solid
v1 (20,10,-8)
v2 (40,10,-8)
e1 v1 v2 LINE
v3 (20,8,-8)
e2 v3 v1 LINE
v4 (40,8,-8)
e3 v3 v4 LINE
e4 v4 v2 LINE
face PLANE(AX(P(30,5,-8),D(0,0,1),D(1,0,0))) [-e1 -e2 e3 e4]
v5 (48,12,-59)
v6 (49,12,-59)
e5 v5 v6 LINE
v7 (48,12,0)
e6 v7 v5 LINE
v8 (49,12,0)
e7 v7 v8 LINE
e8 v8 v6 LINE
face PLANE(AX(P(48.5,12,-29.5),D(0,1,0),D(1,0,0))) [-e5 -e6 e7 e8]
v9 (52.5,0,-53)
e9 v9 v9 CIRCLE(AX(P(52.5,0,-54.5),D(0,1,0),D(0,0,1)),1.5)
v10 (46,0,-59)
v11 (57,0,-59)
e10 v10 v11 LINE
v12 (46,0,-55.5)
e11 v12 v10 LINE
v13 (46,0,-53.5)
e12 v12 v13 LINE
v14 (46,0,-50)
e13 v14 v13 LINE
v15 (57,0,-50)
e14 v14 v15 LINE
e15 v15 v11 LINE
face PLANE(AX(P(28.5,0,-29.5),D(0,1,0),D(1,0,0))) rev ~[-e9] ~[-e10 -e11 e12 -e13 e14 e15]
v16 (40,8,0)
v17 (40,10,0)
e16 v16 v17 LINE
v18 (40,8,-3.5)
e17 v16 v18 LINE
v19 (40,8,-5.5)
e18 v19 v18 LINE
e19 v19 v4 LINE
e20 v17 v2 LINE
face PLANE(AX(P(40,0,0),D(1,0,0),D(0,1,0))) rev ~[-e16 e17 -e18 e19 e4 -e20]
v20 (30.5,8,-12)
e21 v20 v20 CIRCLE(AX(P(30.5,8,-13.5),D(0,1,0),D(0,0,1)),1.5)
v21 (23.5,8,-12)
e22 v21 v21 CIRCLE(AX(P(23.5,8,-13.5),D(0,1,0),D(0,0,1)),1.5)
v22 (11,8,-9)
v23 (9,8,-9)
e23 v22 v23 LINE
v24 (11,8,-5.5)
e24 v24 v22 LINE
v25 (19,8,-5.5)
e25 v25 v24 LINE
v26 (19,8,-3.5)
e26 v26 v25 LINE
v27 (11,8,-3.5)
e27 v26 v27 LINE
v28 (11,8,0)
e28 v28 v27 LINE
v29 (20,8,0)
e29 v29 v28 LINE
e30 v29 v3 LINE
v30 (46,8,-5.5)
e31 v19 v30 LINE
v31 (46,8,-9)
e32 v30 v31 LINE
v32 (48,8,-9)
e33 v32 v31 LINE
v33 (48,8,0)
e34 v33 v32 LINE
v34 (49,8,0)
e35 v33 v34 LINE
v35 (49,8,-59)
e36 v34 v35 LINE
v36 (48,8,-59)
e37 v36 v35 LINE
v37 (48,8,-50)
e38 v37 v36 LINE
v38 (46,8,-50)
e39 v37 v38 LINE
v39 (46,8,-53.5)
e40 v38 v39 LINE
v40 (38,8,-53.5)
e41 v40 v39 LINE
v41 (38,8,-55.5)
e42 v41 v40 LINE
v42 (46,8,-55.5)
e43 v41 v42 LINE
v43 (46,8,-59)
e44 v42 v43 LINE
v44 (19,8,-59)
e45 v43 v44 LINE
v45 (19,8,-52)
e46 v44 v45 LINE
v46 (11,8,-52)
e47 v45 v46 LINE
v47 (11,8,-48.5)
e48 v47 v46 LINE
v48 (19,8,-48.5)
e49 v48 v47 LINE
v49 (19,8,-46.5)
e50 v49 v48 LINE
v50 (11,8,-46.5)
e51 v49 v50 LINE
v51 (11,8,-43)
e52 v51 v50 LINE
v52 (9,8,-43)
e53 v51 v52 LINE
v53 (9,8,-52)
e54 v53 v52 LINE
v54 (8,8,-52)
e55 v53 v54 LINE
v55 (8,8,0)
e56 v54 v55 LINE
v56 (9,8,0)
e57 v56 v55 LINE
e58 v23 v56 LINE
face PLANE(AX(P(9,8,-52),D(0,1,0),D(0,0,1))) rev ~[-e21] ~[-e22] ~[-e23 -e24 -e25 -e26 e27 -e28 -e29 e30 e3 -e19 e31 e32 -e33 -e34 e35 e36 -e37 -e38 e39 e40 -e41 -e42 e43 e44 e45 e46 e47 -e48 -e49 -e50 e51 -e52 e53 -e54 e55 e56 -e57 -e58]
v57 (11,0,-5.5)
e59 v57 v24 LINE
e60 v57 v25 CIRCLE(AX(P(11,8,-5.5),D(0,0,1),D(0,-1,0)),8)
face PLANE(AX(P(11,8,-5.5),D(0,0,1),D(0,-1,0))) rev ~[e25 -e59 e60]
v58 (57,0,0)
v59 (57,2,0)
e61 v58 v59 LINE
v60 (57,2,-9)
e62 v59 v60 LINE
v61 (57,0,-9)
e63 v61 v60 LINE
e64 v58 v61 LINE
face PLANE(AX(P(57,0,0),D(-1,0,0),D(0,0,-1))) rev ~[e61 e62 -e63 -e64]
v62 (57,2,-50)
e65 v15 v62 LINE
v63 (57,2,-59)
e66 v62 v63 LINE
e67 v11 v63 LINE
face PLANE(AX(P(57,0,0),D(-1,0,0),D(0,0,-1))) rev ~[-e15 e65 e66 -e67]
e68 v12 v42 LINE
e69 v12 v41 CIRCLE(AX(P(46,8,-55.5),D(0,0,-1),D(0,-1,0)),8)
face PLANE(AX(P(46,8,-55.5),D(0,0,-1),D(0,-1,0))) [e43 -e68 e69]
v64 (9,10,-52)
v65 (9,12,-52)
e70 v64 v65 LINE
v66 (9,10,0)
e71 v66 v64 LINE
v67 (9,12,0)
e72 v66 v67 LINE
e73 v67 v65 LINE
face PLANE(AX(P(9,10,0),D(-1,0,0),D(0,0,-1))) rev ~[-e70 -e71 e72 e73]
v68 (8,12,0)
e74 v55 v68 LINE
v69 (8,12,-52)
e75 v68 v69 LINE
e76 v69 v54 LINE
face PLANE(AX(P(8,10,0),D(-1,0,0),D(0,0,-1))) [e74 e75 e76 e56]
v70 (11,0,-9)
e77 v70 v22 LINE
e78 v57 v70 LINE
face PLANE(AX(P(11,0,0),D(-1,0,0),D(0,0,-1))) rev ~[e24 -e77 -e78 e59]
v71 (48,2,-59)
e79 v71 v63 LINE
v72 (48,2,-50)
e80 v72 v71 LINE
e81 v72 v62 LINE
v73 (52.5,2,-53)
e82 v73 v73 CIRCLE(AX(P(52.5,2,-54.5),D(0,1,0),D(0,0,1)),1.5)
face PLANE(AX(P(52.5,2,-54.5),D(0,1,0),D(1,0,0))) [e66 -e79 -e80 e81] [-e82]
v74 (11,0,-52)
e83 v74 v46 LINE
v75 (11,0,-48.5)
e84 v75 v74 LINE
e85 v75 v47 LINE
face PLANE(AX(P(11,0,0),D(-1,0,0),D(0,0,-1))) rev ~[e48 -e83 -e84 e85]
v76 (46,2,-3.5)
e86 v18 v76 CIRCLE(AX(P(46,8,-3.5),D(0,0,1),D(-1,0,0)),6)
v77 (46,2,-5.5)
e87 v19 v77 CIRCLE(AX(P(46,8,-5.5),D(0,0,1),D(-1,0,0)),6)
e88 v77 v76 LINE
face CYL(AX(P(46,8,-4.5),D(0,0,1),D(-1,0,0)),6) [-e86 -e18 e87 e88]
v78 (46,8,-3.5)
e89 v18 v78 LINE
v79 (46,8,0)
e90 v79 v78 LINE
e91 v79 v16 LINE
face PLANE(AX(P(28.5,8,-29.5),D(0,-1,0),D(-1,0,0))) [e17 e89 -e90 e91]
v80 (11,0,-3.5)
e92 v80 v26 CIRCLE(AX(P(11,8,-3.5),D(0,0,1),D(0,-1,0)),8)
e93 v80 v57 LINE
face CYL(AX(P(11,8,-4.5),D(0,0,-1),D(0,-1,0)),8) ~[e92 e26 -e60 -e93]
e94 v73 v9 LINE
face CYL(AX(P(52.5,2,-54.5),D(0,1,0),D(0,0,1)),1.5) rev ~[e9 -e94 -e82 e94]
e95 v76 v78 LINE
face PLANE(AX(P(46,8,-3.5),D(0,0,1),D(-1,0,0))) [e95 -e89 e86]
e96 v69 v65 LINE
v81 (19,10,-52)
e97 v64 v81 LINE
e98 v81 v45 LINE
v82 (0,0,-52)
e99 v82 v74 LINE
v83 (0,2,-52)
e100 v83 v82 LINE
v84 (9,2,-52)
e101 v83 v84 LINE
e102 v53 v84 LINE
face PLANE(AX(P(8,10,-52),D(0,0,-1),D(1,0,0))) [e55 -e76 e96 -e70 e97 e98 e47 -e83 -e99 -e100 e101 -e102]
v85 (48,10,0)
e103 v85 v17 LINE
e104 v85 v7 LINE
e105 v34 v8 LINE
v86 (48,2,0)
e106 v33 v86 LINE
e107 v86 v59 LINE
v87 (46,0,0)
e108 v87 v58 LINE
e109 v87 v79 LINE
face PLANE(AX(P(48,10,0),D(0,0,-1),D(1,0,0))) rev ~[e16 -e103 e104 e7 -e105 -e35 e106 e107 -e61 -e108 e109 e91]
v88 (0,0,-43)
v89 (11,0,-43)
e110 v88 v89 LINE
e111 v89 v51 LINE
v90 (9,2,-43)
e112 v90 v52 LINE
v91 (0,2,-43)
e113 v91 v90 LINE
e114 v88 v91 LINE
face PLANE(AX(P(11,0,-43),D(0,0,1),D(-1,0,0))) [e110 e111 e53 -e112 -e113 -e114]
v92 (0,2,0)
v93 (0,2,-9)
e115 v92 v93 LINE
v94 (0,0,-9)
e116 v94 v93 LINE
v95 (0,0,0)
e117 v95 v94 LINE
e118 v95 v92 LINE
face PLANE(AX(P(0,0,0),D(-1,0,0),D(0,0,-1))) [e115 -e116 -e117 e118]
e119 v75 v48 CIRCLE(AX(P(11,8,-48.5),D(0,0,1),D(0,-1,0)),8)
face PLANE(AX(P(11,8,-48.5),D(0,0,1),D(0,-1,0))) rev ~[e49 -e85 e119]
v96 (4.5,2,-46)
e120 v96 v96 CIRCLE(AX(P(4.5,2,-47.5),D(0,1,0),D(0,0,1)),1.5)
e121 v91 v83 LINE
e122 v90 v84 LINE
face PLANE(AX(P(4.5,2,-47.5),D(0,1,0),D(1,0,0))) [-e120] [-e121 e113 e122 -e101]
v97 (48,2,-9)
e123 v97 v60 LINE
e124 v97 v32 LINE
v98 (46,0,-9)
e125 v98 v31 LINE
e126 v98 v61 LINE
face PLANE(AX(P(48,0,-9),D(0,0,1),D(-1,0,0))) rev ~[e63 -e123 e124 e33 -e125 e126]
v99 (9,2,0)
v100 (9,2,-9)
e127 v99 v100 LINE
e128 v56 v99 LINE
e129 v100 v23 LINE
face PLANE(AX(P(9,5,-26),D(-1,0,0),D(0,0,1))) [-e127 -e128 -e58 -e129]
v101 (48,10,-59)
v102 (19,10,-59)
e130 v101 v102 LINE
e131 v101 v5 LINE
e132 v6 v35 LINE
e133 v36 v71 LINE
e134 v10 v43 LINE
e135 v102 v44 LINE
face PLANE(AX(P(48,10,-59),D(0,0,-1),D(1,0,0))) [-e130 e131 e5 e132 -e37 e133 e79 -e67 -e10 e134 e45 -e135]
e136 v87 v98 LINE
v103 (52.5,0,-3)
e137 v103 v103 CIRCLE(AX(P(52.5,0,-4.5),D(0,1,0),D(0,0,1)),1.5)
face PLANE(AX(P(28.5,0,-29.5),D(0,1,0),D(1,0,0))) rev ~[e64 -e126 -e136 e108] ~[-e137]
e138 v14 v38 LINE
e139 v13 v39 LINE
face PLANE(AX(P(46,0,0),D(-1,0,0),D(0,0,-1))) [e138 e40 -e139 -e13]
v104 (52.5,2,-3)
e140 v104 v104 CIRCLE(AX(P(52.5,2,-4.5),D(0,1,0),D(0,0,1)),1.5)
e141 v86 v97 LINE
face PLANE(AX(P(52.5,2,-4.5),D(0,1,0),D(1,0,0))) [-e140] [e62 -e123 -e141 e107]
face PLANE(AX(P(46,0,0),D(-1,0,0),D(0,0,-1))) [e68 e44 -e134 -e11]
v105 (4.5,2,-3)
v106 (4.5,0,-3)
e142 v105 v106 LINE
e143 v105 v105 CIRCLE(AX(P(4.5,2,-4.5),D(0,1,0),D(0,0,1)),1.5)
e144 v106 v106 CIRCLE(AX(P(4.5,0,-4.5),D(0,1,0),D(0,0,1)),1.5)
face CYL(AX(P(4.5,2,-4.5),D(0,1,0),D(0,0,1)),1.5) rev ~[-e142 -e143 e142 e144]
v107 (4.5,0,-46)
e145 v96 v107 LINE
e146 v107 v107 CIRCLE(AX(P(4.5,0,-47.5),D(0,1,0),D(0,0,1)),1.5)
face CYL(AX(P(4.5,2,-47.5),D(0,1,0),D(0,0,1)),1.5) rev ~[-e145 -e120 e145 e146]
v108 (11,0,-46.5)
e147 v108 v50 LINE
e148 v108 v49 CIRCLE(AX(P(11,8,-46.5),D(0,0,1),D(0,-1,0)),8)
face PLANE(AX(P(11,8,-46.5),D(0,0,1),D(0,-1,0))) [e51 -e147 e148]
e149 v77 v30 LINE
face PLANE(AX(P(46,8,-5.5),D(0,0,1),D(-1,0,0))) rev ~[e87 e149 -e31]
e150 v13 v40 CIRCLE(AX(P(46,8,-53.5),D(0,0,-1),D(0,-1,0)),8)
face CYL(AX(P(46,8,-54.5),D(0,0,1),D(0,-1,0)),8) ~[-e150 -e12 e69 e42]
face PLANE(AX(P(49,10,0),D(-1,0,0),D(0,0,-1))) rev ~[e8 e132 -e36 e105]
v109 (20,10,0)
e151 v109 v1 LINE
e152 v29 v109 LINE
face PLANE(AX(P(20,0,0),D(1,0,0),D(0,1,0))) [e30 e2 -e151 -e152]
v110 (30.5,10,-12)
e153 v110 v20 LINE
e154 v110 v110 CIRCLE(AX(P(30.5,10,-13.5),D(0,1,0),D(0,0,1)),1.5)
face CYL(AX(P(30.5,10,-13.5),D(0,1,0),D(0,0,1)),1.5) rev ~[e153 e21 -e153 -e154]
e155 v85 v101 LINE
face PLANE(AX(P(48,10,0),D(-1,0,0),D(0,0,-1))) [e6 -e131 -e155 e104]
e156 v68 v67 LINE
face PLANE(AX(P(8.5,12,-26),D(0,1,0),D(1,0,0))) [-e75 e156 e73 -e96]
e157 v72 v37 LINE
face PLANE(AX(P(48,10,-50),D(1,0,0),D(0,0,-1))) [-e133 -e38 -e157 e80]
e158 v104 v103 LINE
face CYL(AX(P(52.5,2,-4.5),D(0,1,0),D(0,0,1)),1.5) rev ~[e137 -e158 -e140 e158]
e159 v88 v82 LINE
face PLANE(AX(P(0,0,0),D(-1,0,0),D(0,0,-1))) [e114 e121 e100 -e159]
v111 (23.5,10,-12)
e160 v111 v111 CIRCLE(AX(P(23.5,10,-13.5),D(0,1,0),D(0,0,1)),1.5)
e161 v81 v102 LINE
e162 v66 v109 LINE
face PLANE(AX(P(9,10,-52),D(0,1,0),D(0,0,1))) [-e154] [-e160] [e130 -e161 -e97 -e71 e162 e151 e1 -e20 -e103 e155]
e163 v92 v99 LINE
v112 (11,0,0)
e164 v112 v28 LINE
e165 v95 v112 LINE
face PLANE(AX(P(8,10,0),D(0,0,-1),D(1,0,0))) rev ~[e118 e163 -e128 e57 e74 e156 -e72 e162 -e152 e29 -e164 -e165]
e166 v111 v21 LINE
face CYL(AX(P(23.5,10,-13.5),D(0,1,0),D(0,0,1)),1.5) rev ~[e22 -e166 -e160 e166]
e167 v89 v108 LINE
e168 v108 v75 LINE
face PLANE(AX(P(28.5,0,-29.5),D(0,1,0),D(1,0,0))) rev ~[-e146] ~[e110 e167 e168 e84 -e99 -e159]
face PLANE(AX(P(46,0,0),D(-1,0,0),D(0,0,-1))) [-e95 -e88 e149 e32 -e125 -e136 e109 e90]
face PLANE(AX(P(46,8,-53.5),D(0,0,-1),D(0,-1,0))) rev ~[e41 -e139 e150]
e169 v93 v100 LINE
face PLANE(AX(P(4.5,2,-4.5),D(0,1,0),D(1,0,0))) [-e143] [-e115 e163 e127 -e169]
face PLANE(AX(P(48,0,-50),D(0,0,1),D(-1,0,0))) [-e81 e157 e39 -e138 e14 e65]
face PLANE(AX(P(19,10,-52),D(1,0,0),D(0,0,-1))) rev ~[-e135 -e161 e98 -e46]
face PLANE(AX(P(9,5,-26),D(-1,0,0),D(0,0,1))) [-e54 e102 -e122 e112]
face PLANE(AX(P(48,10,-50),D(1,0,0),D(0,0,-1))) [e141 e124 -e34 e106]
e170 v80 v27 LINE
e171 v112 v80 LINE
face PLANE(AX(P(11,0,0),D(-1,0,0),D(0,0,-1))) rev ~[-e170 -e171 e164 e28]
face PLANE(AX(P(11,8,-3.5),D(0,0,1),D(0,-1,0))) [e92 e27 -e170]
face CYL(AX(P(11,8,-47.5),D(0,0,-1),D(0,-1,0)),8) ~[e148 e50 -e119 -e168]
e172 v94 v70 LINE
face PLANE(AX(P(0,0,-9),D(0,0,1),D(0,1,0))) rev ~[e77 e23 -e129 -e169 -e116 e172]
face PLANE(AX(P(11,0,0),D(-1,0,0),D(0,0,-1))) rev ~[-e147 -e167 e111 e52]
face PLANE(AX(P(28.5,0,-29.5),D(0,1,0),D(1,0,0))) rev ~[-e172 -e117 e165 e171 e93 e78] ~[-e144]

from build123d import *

# Parameters (mm, degrees)
SKETCH1_W           = 57
SKETCH1_H           = 59
BOSS_EXTRUDE1_DEPTH = 10
SKETCH2_W           = 41
SKETCH2_H           = 10
CUT_EXTRUDE1_DEPTH  = 9
SKETCH4_W           = 10
SKETCH4_H           = 7
CUT_EXTRUDE3_DEPTH  = 83.643814046
SKETCH5_W           = 34
SKETCH5_H           = 10
CUT_EXTRUDE4_DEPTH  = 9
SKETCH8_W           = 20
SKETCH8_H           = 10
CUT_EXTRUDE5_DEPTH  = 8
SKETCH9_W           = 35
SKETCH9_H           = 59
CUT_EXTRUDE6_DEPTH  = 8
SKETCH10_W          = 9
SKETCH10_H          = 7
CUT_EXTRUDE7_DEPTH  = 83.643814046
SKETCH11_W          = 9
SKETCH11_H          = 9
CUT_EXTRUDE8_DEPTH  = 8
SKETCH12_W          = 9
SKETCH12_H          = 9
CUT_EXTRUDE9_DEPTH  = 8
SKETCH13_W          = 9
SKETCH13_H          = 9
CUT_EXTRUDE10_DEPTH = 8
SKETCH14_W          = 9
SKETCH14_H          = 9
CUT_EXTRUDE11_DEPTH = 8
SKETCH15_W          = 2
SKETCH15_H          = 41
CUT_EXTRUDE12_DEPTH = 8
SKETCH16_W          = 2
SKETCH16_H          = 34
CUT_EXTRUDE13_DEPTH = 8
SKETCH31_W          = 2
SKETCH31_H          = 8
REVOLVE3_ANGLE      = 90
SKETCH32_W          = 2
SKETCH32_H          = 8
REVOLVE4_ANGLE      = 90
SKETCH33_W          = 6
SKETCH33_H          = 2
REVOLVE5_ANGLE      = 90
SKETCH34_W          = 2
SKETCH34_H          = 8
REVOLVE6_ANGLE      = 90
SKETCH41_R          = 1.5
CUT_EXTRUDE14_DEPTH = 83.42572414
SKETCH42_R          = 1.5
CUT_EXTRUDE15_DEPTH = 83.643814046
SKETCH46_W          = 59
SKETCH46_H          = 2
BOSS_EXTRUDE3_DEPTH = 1
SKETCH47_W          = 1
SKETCH47_H          = 59
BOSS_EXTRUDE4_DEPTH = 2
SKETCH48_W          = 52
SKETCH48_H          = 2
BOSS_EXTRUDE5_DEPTH = 1
SKETCH49_W          = 1
SKETCH49_H          = 52
BOSS_EXTRUDE6_DEPTH = 2


with BuildPart() as part:
    # Sketch1 → Boss-Extrude1 (new body)
    with BuildSketch(Plane(origin=(0, 0, 0), x_dir=(1, 0, 0), z_dir=(0, 1, 0))):
        with Locations((28.5, 29.5)):
            Rectangle(SKETCH1_W, SKETCH1_H)
    extrude(amount=BOSS_EXTRUDE1_DEPTH)

    # Sketch2 → Cut-Extrude1 (cut)
    with BuildSketch(Plane(origin=(57, 0, 0), x_dir=(0, 0, -1), z_dir=(1, 0, 0))):
        with Locations((29.5, 5)):
            Rectangle(SKETCH2_W, SKETCH2_H)
    extrude(amount=-CUT_EXTRUDE1_DEPTH, mode=Mode.SUBTRACT)

    # Sketch4 → Cut-Extrude3 (cut, through all)
    with BuildSketch(Plane(origin=(0, 10, 0), x_dir=(1, 0, 0), z_dir=(0, 1, 0))):
        with Locations((5, 55.5)):
            Rectangle(SKETCH4_W, SKETCH4_H)
    extrude(amount=-CUT_EXTRUDE3_DEPTH, mode=Mode.SUBTRACT)

    # Sketch5 → Cut-Extrude4 (cut)
    with BuildSketch(Plane.ZY):
        with Locations((-26, 5)):
            Rectangle(SKETCH5_W, SKETCH5_H)
    extrude(amount=-CUT_EXTRUDE4_DEPTH, mode=Mode.SUBTRACT)

    # Sketch8 → Cut-Extrude5 (cut)
    with BuildSketch(Plane.XY):
        with Locations((30, 5)):
            Rectangle(SKETCH8_W, SKETCH8_H)
    extrude(amount=-CUT_EXTRUDE5_DEPTH, mode=Mode.SUBTRACT)

    # Sketch9 → Cut-Extrude6 (cut)
    with BuildSketch(Plane(origin=(0, 0, 0), x_dir=(-1, 0, 0), z_dir=(0, -1, 0))):
        with Locations((-28.5, 29.5)):
            Rectangle(SKETCH9_W, SKETCH9_H)
    extrude(amount=-CUT_EXTRUDE6_DEPTH, mode=Mode.SUBTRACT)

    # Sketch10 → Cut-Extrude7 (cut, through all)
    with BuildSketch(Plane(origin=(0, 10, 0), x_dir=(1, 0, 0), z_dir=(0, 1, 0))):
        with Locations((14.5, 55.5)):
            Rectangle(SKETCH10_W, SKETCH10_H)
    extrude(amount=-CUT_EXTRUDE7_DEPTH, mode=Mode.SUBTRACT)

    # Sketch11 → Cut-Extrude8 (cut)
    with BuildSketch(Plane(origin=(0, 10, 0), x_dir=(1, 0, 0), z_dir=(0, 1, 0))):
        with Locations((52.5, 4.5)):
            Rectangle(SKETCH11_W, SKETCH11_H)
    extrude(amount=-CUT_EXTRUDE8_DEPTH, mode=Mode.SUBTRACT)

    # Sketch12 → Cut-Extrude9 (cut)
    with BuildSketch(Plane(origin=(0, 10, 0), x_dir=(1, 0, 0), z_dir=(0, 1, 0))):
        with Locations((52.5, 54.5)):
            Rectangle(SKETCH12_W, SKETCH12_H)
    extrude(amount=-CUT_EXTRUDE9_DEPTH, mode=Mode.SUBTRACT)

    # Sketch13 → Cut-Extrude10 (cut)
    with BuildSketch(Plane(origin=(0, 10, 0), x_dir=(1, 0, 0), z_dir=(0, 1, 0))):
        with Locations((4.5, 47.5)):
            Rectangle(SKETCH13_W, SKETCH13_H)
    extrude(amount=-CUT_EXTRUDE10_DEPTH, mode=Mode.SUBTRACT)

    # Sketch14 → Cut-Extrude11 (cut)
    with BuildSketch(Plane(origin=(0, 10, 0), x_dir=(1, 0, 0), z_dir=(0, 1, 0))):
        with Locations((4.5, 4.5)):
            Rectangle(SKETCH14_W, SKETCH14_H)
    extrude(amount=-CUT_EXTRUDE11_DEPTH, mode=Mode.SUBTRACT)

    # Sketch15 → Cut-Extrude12 (cut)
    with BuildSketch(Plane(origin=(0, 0, 0), x_dir=(-1, 0, 0), z_dir=(0, -1, 0))):
        with Locations((-47, 29.5)):
            Rectangle(SKETCH15_W, SKETCH15_H)
    extrude(amount=-CUT_EXTRUDE12_DEPTH, mode=Mode.SUBTRACT)

    # Sketch16 → Cut-Extrude13 (cut)
    with BuildSketch(Plane(origin=(0, 0, 0), x_dir=(-1, 0, 0), z_dir=(0, -1, 0))):
        with Locations((-10, 26)):
            Rectangle(SKETCH16_W, SKETCH16_H)
    extrude(amount=-CUT_EXTRUDE13_DEPTH, mode=Mode.SUBTRACT)

    # Sketch31 → Revolve3 (revolve)
    with BuildSketch(Plane(origin=(11, 0, 0), x_dir=(0, 0, -1), z_dir=(1, 0, 0))):
        with Locations((4.5, 4)):
            Rectangle(SKETCH31_W, SKETCH31_H)
    revolve(axis=Axis((11, 8, -3.5), (0, 0, 1)), revolution_arc=REVOLVE3_ANGLE)

    # Sketch32 → Revolve4 (revolve)
    with BuildSketch(Plane(origin=(11, 0, 0), x_dir=(0, 0, -1), z_dir=(1, 0, 0))):
        with Locations((47.5, 4)):
            Rectangle(SKETCH32_W, SKETCH32_H)
    revolve(axis=Axis((11, 8, -46.5), (0, 0, 1)), revolution_arc=REVOLVE4_ANGLE)

    # Sketch33 → Revolve5 (revolve)
    with BuildSketch(Plane.XZ.offset(-8)):
        with Locations((43, -4.5)):
            Rectangle(SKETCH33_W, SKETCH33_H)
    revolve(axis=Axis((46, 8, -3.5), (0, 0, 1)), revolution_arc=REVOLVE5_ANGLE)

    # Sketch34 → Revolve6 (revolve)
    with BuildSketch(Plane.ZY.offset(-46)):
        with Locations((-54.5, 4)):
            Rectangle(SKETCH34_W, SKETCH34_H)
    revolve(axis=Axis((46, 8, -53.5), (0, 0, -1)), revolution_arc=REVOLVE6_ANGLE)

    # Sketch41 → Cut-Extrude14 (cut, through all)
    with BuildSketch(Plane(origin=(0, 2, 0), x_dir=(1, 0, 0), z_dir=(0, 1, 0))):
        with Locations(Location((52.5, 4.5, 0), (0, 0, 270))):
            Circle(SKETCH41_R)
        with Locations(Location((52.5, 54.5, 0), (0, 0, 270))):
            Circle(SKETCH41_R)
        with Locations(Location((4.5, 4.5, 0), (0, 0, 270))):
            Circle(SKETCH41_R)
        with Locations(Location((4.5, 47.5, 0), (0, 0, 270))):
            Circle(SKETCH41_R)
    extrude(amount=-CUT_EXTRUDE14_DEPTH, mode=Mode.SUBTRACT)

    # Sketch42 → Cut-Extrude15 (cut, through all)
    with BuildSketch(Plane(origin=(0, 10, 0), x_dir=(1, 0, 0), z_dir=(0, 1, 0))):
        with Locations(Location((23.5, 13.5, 0), (0, 0, 270))):
            Circle(SKETCH42_R)
        with Locations(Location((30.5, 13.5, 0), (0, 0, 270))):
            Circle(SKETCH42_R)
    extrude(amount=-CUT_EXTRUDE15_DEPTH, mode=Mode.SUBTRACT)

    # Sketch46 → Boss-Extrude3 (add)
    with BuildSketch(Plane(origin=(48, 0, 0), x_dir=(0, 0, -1), z_dir=(1, 0, 0))):
        with Locations((29.5, 9)):
            Rectangle(SKETCH46_W, SKETCH46_H)
    extrude(amount=BOSS_EXTRUDE3_DEPTH)

    # Sketch47 → Boss-Extrude4 (add)
    with BuildSketch(Plane(origin=(0, 10, 0), x_dir=(1, 0, 0), z_dir=(0, 1, 0))):
        with Locations((48.5, 29.5)):
            Rectangle(SKETCH47_W, SKETCH47_H)
    extrude(amount=BOSS_EXTRUDE4_DEPTH)

    # Sketch48 → Boss-Extrude5 (add)
    with BuildSketch(Plane.ZY.offset(-9)):
        with Locations((-26, 9)):
            Rectangle(SKETCH48_W, SKETCH48_H)
    extrude(amount=BOSS_EXTRUDE5_DEPTH)

    # Sketch49 → Boss-Extrude6 (add)
    with BuildSketch(Plane(origin=(0, 10, 0), x_dir=(1, 0, 0), z_dir=(0, 1, 0))):
        with Locations((8.5, 26)):
            Rectangle(SKETCH49_W, SKETCH49_H)
    extrude(amount=BOSS_EXTRUDE6_DEPTH)


solid = part.part
